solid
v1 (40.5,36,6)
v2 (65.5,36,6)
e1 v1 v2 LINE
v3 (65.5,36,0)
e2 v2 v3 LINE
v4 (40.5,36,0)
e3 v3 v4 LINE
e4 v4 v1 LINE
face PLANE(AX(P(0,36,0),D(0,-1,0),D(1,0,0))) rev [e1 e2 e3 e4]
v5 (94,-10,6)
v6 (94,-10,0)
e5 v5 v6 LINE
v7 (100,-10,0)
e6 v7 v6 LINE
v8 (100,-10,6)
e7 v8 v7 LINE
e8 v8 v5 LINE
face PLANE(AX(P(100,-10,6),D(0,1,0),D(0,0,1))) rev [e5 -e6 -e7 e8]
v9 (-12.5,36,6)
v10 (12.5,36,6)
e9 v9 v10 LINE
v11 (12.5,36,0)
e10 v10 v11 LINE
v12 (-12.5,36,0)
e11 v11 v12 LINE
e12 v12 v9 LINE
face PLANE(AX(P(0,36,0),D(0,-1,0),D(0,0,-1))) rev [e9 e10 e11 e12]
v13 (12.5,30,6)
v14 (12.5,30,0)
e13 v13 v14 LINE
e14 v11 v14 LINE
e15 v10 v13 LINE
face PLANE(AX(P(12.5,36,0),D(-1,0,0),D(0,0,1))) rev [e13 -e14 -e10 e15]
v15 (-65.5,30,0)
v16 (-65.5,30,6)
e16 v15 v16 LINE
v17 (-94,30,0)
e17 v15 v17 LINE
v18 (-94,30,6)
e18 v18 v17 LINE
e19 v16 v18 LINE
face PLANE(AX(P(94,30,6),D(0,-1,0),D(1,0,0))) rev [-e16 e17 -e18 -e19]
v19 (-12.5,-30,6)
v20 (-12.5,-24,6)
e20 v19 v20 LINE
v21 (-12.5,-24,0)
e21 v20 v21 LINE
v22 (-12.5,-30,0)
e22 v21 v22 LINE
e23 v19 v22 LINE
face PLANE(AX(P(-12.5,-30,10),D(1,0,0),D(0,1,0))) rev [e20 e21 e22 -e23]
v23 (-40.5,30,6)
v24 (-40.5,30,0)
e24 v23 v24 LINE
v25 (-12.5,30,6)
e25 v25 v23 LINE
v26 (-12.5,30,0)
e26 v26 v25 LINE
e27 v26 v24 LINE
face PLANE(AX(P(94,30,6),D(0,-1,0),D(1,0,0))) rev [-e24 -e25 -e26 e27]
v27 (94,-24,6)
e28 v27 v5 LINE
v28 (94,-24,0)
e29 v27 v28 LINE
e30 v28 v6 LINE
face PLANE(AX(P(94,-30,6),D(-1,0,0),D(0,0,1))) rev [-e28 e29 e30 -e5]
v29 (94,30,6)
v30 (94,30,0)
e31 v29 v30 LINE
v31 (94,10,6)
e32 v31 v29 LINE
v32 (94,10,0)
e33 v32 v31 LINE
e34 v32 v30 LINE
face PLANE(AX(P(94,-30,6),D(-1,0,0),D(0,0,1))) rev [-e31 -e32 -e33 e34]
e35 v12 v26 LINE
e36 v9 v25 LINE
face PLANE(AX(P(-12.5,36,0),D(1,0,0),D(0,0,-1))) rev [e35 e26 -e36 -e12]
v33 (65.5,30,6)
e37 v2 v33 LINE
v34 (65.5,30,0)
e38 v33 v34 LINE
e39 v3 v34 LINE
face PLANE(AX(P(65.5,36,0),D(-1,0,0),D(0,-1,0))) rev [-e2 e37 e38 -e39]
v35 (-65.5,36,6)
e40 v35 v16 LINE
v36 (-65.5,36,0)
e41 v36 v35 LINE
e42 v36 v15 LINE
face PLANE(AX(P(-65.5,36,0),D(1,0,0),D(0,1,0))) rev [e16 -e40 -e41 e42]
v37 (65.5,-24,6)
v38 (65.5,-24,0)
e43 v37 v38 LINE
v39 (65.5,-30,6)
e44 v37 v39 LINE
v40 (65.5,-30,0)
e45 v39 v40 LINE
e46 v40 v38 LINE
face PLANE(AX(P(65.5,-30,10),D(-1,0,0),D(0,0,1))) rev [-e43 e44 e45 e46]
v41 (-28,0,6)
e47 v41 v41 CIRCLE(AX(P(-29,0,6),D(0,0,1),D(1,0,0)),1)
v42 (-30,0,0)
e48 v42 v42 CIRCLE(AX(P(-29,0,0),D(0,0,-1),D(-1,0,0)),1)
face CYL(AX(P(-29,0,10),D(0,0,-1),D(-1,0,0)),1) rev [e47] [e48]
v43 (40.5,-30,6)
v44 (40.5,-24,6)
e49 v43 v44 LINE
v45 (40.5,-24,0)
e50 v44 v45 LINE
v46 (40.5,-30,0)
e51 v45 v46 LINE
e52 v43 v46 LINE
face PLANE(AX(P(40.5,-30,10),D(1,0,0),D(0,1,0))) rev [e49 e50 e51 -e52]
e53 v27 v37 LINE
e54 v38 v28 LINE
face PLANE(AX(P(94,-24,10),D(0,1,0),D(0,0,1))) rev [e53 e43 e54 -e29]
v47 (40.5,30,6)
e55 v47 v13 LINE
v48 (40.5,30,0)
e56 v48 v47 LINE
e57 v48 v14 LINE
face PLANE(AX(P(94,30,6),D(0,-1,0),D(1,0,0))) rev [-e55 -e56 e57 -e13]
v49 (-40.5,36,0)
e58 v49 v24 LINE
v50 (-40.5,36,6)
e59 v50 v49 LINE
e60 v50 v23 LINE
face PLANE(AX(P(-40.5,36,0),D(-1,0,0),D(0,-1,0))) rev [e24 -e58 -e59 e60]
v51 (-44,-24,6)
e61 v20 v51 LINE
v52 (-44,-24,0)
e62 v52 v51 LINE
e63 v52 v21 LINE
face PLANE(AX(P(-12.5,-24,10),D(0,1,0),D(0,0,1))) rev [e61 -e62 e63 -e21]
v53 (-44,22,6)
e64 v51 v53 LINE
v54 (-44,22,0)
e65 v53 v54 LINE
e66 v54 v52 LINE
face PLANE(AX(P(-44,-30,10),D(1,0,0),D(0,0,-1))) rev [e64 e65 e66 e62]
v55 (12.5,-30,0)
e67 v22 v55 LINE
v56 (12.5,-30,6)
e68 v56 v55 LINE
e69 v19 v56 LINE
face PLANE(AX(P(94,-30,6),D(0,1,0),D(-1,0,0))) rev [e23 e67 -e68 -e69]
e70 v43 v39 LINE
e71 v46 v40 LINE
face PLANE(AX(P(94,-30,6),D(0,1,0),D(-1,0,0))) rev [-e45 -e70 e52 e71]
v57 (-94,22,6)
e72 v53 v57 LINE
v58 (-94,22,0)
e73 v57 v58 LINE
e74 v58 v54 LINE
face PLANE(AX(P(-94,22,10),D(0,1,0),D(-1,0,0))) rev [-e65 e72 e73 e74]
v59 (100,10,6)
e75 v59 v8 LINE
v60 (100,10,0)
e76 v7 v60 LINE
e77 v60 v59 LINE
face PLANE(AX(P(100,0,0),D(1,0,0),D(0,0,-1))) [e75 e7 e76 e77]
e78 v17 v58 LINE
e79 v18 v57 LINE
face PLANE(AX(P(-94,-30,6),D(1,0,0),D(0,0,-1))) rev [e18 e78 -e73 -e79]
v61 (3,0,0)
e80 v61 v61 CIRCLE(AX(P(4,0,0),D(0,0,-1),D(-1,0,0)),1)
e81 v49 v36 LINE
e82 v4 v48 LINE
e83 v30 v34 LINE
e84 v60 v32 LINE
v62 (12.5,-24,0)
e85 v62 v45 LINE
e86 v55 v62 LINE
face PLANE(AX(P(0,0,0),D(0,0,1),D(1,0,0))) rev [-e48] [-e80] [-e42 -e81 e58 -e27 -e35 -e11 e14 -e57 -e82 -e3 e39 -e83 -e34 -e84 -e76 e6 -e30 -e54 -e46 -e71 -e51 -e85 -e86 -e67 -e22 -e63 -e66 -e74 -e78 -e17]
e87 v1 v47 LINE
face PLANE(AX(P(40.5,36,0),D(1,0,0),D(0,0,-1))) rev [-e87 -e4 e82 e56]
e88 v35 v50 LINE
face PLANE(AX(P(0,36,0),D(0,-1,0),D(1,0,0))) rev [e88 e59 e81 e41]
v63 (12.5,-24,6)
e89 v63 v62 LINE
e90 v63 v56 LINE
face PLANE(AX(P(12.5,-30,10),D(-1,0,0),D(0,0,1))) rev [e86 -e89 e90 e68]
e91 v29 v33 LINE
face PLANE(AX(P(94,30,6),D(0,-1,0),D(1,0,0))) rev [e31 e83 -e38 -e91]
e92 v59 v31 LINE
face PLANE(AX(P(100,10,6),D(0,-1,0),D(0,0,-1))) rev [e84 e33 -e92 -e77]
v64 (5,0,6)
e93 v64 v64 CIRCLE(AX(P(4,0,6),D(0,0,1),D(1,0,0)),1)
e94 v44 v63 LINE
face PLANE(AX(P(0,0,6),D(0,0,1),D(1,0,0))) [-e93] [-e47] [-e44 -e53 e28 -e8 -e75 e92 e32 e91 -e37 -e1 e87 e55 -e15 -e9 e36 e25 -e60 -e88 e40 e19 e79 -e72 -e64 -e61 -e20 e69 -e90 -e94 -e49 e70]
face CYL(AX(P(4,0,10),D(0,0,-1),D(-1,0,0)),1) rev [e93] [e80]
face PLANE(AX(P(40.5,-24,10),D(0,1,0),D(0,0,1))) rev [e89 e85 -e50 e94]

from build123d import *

# Parameters (mm, degrees)
ESQUISSE1_W             = 188
ESQUISSE1_H             = 60
BOSS_EXTRU_1_DEPTH      = 6
ESQUISSE3_W             = 50
ESQUISSE3_H             = 52
ENL_V_MAT_EXTRU_2_DEPTH = 10
ESQUISSE6_W             = 6
ESQUISSE6_H             = 20
BOSS_EXTRU_2_DEPTH      = 6
ESQUISSE7_W             = 25
ESQUISSE7_H             = 6
BOSS_EXTRU_3_DEPTH      = 6
ESQUISSE8_R             = 1
ENL_V_MAT_EXTRU_4_DEPTH = 10
ESQUISSE9_W             = 28.5
ESQUISSE9_H             = 6
ESQUISSE9_W_2           = 28
ESQUISSE9_W_3           = 31.5
ENL_V_MAT_EXTRU_5_DEPTH = 10


with BuildPart() as part:
    # Esquisse1 → Boss.-Extru.1 (new body)
    with BuildSketch(Plane.XY):
        Rectangle(ESQUISSE1_W, ESQUISSE1_H)
    extrude(amount=BOSS_EXTRU_1_DEPTH)

    # Esquisse3 → Enlèv. mat.-Extru.2 (cut)
    with BuildSketch(Plane(origin=(0, 0, 0), x_dir=(-1, 0, 0), z_dir=(0, 0, -1))):
        with Locations((69, -4)):
            Rectangle(ESQUISSE3_W, ESQUISSE3_H)
    extrude(amount=-ENL_V_MAT_EXTRU_2_DEPTH, mode=Mode.SUBTRACT)

    # Esquisse6 → Boss.-Extru.2 (add)
    with BuildSketch(Plane(origin=(94, 0, 0), x_dir=(0, 0, -1), z_dir=(1, 0, 0))):
        with Locations((-3, 0)):
            Rectangle(ESQUISSE6_W, ESQUISSE6_H)
    extrude(amount=BOSS_EXTRU_2_DEPTH)

    # Esquisse7 → Boss.-Extru.3 (add)
    with BuildSketch(Plane(origin=(0, 30, 0), x_dir=(1, 0, 0), z_dir=(0, 1, 0))):
        with Locations((53, -3)):
            Rectangle(ESQUISSE7_W, ESQUISSE7_H)
        with Locations((0, -3)):
            Rectangle(ESQUISSE7_W, ESQUISSE7_H)
        with Locations((-53, -3)):
            Rectangle(ESQUISSE7_W, ESQUISSE7_H)
    extrude(amount=BOSS_EXTRU_3_DEPTH)

    # Esquisse8 → Enlèv. mat.-Extru.4 (cut)
    with BuildSketch(Plane(origin=(0, 0, 0), x_dir=(-1, 0, 0), z_dir=(0, 0, -1))):
        with Locations((29, 0)):
            Circle(ESQUISSE8_R)
        with Locations((-4, 0)):
            Circle(ESQUISSE8_R)
    extrude(amount=-ENL_V_MAT_EXTRU_4_DEPTH, mode=Mode.SUBTRACT)

    # Esquisse9 → Enlèv. mat.-Extru.5 (cut)
    with BuildSketch(Plane(origin=(0, 0, 0), x_dir=(-1, 0, 0), z_dir=(0, 0, -1))):
        with Locations((-79.75, -27)):
            Rectangle(ESQUISSE9_W, ESQUISSE9_H)
        with Locations((-26.5, -27)):
            Rectangle(ESQUISSE9_W_2, ESQUISSE9_H)
        with Locations((28.25, -27)):
            Rectangle(ESQUISSE9_W_3, ESQUISSE9_H)
    extrude(amount=-ENL_V_MAT_EXTRU_5_DEPTH, mode=Mode.SUBTRACT)


solid = part.part
